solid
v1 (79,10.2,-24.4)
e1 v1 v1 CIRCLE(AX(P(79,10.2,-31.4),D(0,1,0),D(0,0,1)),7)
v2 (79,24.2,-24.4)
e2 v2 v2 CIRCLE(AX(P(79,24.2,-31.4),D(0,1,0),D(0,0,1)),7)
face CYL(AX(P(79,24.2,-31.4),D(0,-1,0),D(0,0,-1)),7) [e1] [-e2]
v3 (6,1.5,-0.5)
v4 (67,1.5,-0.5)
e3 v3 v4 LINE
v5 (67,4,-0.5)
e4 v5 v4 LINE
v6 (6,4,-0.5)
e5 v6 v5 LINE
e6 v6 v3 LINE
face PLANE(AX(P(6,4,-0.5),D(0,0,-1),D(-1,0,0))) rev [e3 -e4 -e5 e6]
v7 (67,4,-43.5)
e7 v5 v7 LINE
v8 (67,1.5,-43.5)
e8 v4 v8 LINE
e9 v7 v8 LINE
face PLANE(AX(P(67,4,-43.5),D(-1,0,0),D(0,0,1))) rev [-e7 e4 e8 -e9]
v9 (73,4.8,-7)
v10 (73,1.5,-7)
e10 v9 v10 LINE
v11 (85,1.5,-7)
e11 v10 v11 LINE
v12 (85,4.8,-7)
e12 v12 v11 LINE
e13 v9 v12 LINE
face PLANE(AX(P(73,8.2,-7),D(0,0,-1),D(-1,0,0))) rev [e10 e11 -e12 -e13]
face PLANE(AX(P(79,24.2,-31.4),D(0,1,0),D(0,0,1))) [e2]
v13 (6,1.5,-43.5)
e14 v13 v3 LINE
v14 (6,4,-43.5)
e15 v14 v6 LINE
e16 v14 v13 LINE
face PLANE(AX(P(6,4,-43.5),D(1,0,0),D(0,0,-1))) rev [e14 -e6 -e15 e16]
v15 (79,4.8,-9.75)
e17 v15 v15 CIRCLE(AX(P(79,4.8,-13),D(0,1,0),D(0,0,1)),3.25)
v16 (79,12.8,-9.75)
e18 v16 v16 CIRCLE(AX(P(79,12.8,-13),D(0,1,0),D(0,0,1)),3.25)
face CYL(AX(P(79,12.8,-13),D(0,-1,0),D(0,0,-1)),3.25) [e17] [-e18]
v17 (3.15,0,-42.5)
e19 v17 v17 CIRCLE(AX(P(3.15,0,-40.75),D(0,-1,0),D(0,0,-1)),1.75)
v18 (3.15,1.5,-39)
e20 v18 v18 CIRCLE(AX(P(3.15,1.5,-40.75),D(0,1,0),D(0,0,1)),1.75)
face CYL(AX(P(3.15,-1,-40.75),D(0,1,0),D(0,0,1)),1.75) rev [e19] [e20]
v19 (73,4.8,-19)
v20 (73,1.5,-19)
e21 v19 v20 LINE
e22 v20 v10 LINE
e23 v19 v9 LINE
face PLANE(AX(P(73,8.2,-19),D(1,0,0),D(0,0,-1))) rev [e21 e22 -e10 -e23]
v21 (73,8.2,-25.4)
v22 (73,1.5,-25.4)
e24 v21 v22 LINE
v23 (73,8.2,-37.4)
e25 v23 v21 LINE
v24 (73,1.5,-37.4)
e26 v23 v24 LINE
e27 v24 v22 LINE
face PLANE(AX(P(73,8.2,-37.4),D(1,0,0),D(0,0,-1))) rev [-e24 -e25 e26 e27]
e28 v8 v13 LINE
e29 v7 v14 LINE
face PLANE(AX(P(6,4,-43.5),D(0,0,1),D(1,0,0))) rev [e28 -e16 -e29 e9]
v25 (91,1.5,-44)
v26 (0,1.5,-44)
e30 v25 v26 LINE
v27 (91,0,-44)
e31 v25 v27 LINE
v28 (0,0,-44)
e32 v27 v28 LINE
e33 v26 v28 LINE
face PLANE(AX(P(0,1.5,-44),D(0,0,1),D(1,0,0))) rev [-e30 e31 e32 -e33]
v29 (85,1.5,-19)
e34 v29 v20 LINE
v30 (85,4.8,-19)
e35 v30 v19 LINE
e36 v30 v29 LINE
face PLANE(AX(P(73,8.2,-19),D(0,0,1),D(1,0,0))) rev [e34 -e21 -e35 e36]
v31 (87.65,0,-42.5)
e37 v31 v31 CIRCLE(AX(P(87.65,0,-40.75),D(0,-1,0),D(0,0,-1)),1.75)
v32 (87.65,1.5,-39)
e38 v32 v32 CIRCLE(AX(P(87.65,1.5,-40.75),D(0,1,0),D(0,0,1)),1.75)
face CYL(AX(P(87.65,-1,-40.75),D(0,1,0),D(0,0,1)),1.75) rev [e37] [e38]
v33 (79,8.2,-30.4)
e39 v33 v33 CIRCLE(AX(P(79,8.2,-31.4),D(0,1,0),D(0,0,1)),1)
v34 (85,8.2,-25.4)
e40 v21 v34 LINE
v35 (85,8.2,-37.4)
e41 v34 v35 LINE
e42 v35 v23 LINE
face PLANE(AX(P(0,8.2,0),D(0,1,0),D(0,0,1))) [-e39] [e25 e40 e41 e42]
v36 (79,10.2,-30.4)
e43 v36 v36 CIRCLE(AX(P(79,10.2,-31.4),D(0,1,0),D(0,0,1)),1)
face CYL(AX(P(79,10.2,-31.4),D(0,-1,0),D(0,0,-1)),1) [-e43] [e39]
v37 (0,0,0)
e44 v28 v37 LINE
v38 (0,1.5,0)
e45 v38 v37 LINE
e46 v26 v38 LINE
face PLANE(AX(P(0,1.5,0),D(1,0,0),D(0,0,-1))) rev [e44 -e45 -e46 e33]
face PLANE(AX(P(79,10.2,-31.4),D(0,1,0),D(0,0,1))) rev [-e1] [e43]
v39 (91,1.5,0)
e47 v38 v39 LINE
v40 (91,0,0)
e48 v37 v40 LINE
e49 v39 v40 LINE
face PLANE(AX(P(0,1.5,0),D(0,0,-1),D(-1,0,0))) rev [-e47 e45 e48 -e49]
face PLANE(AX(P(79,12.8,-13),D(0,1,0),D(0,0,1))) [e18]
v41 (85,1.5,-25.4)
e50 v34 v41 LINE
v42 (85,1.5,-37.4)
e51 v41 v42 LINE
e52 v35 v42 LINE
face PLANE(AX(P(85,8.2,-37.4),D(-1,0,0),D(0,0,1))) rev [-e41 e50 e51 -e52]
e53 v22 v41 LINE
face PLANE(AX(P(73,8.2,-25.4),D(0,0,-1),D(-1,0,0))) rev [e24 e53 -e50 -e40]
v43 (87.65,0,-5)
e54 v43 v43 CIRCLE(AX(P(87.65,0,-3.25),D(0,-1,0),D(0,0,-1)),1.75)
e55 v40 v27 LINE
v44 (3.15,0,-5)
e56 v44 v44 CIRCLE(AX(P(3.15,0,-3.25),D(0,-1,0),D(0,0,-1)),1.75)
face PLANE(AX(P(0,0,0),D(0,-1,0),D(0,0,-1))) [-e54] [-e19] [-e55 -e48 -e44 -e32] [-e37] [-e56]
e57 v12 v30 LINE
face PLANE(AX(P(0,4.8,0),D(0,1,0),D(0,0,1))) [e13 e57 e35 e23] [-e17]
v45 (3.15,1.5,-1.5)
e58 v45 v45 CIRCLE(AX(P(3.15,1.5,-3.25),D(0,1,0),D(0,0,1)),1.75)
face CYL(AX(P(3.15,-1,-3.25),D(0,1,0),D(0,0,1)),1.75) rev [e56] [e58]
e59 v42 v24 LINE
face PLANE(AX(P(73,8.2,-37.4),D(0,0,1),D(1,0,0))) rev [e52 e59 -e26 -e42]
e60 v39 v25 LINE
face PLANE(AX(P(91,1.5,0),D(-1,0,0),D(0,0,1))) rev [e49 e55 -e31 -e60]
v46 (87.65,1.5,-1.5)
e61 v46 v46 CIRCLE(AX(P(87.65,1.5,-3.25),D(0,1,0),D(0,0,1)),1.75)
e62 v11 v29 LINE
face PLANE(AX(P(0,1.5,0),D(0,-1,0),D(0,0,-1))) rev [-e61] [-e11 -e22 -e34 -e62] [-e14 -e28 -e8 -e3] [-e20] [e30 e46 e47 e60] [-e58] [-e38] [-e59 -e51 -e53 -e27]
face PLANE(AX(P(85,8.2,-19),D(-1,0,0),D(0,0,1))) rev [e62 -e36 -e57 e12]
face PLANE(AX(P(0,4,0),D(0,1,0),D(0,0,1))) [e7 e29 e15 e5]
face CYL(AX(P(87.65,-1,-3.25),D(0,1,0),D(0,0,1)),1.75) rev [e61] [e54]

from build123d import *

# Parameters (mm, degrees)
SKETCH_1_W          = 91
SKETCH_1_H          = 44
EXTRUDE_1_DEPTH     = 1.5
SKETCH_2_W          = 61
SKETCH_2_H          = 43
EXTRUDE_2_DEPTH     = 2.5
SKETCH_3_R          = 1.75
CUT_EXTRUDE_1_DEPTH = 2.5
SKETCH_4_W          = 12
SKETCH_4_H          = 12
EXTRUDE_3_DEPTH     = 6.7
SKETCH_5_W          = 12
SKETCH_5_H          = 12
CUT_EXTRUDE_2_DEPTH = 3.4
SKETCH_6_R          = 1
EXTRUDE_4_DEPTH     = 2
SKETCH_7_R          = 7
EXTRUDE_5_DEPTH     = 14
SKETCH_8_R          = 3.25
EXTRUDE_6_DEPTH     = 8


with BuildPart() as part:
    # 草图1 → 凸台-拉伸1 (new body)
    with BuildSketch(Plane(origin=(0, 0, 0), x_dir=(1, 0, 0), z_dir=(0, 1, 0))):
        with Locations((45.5, 22)):
            Rectangle(SKETCH_1_W, SKETCH_1_H)
    extrude(amount=EXTRUDE_1_DEPTH)

    # 草图2 → 凸台-拉伸2 (add)
    with BuildSketch(Plane(origin=(0, 1.5, 0), x_dir=(1, 0, 0), z_dir=(0, 1, 0))):
        with Locations((36.5, 22)):
            Rectangle(SKETCH_2_W, SKETCH_2_H)
    extrude(amount=EXTRUDE_2_DEPTH)

    # 草图3 → 切除-拉伸1 (cut)
    with BuildSketch(Plane(origin=(0, 1.5, 0), x_dir=(1, 0, 0), z_dir=(0, 1, 0))):
        with Locations(Location((87.65, 40.75, 0), (0, 0, 270))):
            Circle(SKETCH_3_R)
        with Locations(Location((87.65, 3.25, 0), (0, 0, 270))):
            Circle(SKETCH_3_R)
        with Locations(Location((3.15, 3.25, 0), (0, 0, 270))):
            Circle(SKETCH_3_R)
        with Locations(Location((3.15, 40.75, 0), (0, 0, 270))):
            Circle(SKETCH_3_R)
    extrude(amount=-CUT_EXTRUDE_1_DEPTH, mode=Mode.SUBTRACT)

    # 草图4 → 凸台-拉伸3 (add)
    with BuildSketch(Plane(origin=(0, 1.5, 0), x_dir=(1, 0, 0), z_dir=(0, 1, 0))):
        with Locations((79, 31.4)):
            Rectangle(SKETCH_4_W, SKETCH_4_H)
        with Locations((79, 13)):
            Rectangle(SKETCH_4_W, SKETCH_4_H)
    extrude(amount=EXTRUDE_3_DEPTH)

    # 草图5 → 切除-拉伸2 (cut)
    with BuildSketch(Plane(origin=(0, 8.2, 0), x_dir=(1, 0, 0), z_dir=(0, 1, 0))):
        with Locations((79, 13)):
            Rectangle(SKETCH_5_W, SKETCH_5_H)
    extrude(amount=-CUT_EXTRUDE_2_DEPTH, mode=Mode.SUBTRACT)

    # 草图6 → 凸台-拉伸4 (add)
    with BuildSketch(Plane(origin=(0, 8.2, 0), x_dir=(1, 0, 0), z_dir=(0, 1, 0))):
        with Locations(Location((79, 31.4, 0), (0, 0, 270))):
            Circle(SKETCH_6_R)
    extrude(amount=EXTRUDE_4_DEPTH)

    # 草图7 → 凸台-拉伸5 (add)
    with BuildSketch(Plane(origin=(0, 10.2, 0), x_dir=(1, 0, 0), z_dir=(0, 1, 0))):
        with Locations(Location((79, 31.4, 0), (0, 0, 270))):
            Circle(SKETCH_7_R)
    extrude(amount=EXTRUDE_5_DEPTH)

    # 草图8 → 凸台-拉伸6 (add)
    with BuildSketch(Plane(origin=(0, 4.8, 0), x_dir=(1, 0, 0), z_dir=(0, 1, 0))):
        with Locations(Location((79, 13, 0), (0, 0, 270))):
            Circle(SKETCH_8_R)
    extrude(amount=EXTRUDE_6_DEPTH)


solid = part.part
